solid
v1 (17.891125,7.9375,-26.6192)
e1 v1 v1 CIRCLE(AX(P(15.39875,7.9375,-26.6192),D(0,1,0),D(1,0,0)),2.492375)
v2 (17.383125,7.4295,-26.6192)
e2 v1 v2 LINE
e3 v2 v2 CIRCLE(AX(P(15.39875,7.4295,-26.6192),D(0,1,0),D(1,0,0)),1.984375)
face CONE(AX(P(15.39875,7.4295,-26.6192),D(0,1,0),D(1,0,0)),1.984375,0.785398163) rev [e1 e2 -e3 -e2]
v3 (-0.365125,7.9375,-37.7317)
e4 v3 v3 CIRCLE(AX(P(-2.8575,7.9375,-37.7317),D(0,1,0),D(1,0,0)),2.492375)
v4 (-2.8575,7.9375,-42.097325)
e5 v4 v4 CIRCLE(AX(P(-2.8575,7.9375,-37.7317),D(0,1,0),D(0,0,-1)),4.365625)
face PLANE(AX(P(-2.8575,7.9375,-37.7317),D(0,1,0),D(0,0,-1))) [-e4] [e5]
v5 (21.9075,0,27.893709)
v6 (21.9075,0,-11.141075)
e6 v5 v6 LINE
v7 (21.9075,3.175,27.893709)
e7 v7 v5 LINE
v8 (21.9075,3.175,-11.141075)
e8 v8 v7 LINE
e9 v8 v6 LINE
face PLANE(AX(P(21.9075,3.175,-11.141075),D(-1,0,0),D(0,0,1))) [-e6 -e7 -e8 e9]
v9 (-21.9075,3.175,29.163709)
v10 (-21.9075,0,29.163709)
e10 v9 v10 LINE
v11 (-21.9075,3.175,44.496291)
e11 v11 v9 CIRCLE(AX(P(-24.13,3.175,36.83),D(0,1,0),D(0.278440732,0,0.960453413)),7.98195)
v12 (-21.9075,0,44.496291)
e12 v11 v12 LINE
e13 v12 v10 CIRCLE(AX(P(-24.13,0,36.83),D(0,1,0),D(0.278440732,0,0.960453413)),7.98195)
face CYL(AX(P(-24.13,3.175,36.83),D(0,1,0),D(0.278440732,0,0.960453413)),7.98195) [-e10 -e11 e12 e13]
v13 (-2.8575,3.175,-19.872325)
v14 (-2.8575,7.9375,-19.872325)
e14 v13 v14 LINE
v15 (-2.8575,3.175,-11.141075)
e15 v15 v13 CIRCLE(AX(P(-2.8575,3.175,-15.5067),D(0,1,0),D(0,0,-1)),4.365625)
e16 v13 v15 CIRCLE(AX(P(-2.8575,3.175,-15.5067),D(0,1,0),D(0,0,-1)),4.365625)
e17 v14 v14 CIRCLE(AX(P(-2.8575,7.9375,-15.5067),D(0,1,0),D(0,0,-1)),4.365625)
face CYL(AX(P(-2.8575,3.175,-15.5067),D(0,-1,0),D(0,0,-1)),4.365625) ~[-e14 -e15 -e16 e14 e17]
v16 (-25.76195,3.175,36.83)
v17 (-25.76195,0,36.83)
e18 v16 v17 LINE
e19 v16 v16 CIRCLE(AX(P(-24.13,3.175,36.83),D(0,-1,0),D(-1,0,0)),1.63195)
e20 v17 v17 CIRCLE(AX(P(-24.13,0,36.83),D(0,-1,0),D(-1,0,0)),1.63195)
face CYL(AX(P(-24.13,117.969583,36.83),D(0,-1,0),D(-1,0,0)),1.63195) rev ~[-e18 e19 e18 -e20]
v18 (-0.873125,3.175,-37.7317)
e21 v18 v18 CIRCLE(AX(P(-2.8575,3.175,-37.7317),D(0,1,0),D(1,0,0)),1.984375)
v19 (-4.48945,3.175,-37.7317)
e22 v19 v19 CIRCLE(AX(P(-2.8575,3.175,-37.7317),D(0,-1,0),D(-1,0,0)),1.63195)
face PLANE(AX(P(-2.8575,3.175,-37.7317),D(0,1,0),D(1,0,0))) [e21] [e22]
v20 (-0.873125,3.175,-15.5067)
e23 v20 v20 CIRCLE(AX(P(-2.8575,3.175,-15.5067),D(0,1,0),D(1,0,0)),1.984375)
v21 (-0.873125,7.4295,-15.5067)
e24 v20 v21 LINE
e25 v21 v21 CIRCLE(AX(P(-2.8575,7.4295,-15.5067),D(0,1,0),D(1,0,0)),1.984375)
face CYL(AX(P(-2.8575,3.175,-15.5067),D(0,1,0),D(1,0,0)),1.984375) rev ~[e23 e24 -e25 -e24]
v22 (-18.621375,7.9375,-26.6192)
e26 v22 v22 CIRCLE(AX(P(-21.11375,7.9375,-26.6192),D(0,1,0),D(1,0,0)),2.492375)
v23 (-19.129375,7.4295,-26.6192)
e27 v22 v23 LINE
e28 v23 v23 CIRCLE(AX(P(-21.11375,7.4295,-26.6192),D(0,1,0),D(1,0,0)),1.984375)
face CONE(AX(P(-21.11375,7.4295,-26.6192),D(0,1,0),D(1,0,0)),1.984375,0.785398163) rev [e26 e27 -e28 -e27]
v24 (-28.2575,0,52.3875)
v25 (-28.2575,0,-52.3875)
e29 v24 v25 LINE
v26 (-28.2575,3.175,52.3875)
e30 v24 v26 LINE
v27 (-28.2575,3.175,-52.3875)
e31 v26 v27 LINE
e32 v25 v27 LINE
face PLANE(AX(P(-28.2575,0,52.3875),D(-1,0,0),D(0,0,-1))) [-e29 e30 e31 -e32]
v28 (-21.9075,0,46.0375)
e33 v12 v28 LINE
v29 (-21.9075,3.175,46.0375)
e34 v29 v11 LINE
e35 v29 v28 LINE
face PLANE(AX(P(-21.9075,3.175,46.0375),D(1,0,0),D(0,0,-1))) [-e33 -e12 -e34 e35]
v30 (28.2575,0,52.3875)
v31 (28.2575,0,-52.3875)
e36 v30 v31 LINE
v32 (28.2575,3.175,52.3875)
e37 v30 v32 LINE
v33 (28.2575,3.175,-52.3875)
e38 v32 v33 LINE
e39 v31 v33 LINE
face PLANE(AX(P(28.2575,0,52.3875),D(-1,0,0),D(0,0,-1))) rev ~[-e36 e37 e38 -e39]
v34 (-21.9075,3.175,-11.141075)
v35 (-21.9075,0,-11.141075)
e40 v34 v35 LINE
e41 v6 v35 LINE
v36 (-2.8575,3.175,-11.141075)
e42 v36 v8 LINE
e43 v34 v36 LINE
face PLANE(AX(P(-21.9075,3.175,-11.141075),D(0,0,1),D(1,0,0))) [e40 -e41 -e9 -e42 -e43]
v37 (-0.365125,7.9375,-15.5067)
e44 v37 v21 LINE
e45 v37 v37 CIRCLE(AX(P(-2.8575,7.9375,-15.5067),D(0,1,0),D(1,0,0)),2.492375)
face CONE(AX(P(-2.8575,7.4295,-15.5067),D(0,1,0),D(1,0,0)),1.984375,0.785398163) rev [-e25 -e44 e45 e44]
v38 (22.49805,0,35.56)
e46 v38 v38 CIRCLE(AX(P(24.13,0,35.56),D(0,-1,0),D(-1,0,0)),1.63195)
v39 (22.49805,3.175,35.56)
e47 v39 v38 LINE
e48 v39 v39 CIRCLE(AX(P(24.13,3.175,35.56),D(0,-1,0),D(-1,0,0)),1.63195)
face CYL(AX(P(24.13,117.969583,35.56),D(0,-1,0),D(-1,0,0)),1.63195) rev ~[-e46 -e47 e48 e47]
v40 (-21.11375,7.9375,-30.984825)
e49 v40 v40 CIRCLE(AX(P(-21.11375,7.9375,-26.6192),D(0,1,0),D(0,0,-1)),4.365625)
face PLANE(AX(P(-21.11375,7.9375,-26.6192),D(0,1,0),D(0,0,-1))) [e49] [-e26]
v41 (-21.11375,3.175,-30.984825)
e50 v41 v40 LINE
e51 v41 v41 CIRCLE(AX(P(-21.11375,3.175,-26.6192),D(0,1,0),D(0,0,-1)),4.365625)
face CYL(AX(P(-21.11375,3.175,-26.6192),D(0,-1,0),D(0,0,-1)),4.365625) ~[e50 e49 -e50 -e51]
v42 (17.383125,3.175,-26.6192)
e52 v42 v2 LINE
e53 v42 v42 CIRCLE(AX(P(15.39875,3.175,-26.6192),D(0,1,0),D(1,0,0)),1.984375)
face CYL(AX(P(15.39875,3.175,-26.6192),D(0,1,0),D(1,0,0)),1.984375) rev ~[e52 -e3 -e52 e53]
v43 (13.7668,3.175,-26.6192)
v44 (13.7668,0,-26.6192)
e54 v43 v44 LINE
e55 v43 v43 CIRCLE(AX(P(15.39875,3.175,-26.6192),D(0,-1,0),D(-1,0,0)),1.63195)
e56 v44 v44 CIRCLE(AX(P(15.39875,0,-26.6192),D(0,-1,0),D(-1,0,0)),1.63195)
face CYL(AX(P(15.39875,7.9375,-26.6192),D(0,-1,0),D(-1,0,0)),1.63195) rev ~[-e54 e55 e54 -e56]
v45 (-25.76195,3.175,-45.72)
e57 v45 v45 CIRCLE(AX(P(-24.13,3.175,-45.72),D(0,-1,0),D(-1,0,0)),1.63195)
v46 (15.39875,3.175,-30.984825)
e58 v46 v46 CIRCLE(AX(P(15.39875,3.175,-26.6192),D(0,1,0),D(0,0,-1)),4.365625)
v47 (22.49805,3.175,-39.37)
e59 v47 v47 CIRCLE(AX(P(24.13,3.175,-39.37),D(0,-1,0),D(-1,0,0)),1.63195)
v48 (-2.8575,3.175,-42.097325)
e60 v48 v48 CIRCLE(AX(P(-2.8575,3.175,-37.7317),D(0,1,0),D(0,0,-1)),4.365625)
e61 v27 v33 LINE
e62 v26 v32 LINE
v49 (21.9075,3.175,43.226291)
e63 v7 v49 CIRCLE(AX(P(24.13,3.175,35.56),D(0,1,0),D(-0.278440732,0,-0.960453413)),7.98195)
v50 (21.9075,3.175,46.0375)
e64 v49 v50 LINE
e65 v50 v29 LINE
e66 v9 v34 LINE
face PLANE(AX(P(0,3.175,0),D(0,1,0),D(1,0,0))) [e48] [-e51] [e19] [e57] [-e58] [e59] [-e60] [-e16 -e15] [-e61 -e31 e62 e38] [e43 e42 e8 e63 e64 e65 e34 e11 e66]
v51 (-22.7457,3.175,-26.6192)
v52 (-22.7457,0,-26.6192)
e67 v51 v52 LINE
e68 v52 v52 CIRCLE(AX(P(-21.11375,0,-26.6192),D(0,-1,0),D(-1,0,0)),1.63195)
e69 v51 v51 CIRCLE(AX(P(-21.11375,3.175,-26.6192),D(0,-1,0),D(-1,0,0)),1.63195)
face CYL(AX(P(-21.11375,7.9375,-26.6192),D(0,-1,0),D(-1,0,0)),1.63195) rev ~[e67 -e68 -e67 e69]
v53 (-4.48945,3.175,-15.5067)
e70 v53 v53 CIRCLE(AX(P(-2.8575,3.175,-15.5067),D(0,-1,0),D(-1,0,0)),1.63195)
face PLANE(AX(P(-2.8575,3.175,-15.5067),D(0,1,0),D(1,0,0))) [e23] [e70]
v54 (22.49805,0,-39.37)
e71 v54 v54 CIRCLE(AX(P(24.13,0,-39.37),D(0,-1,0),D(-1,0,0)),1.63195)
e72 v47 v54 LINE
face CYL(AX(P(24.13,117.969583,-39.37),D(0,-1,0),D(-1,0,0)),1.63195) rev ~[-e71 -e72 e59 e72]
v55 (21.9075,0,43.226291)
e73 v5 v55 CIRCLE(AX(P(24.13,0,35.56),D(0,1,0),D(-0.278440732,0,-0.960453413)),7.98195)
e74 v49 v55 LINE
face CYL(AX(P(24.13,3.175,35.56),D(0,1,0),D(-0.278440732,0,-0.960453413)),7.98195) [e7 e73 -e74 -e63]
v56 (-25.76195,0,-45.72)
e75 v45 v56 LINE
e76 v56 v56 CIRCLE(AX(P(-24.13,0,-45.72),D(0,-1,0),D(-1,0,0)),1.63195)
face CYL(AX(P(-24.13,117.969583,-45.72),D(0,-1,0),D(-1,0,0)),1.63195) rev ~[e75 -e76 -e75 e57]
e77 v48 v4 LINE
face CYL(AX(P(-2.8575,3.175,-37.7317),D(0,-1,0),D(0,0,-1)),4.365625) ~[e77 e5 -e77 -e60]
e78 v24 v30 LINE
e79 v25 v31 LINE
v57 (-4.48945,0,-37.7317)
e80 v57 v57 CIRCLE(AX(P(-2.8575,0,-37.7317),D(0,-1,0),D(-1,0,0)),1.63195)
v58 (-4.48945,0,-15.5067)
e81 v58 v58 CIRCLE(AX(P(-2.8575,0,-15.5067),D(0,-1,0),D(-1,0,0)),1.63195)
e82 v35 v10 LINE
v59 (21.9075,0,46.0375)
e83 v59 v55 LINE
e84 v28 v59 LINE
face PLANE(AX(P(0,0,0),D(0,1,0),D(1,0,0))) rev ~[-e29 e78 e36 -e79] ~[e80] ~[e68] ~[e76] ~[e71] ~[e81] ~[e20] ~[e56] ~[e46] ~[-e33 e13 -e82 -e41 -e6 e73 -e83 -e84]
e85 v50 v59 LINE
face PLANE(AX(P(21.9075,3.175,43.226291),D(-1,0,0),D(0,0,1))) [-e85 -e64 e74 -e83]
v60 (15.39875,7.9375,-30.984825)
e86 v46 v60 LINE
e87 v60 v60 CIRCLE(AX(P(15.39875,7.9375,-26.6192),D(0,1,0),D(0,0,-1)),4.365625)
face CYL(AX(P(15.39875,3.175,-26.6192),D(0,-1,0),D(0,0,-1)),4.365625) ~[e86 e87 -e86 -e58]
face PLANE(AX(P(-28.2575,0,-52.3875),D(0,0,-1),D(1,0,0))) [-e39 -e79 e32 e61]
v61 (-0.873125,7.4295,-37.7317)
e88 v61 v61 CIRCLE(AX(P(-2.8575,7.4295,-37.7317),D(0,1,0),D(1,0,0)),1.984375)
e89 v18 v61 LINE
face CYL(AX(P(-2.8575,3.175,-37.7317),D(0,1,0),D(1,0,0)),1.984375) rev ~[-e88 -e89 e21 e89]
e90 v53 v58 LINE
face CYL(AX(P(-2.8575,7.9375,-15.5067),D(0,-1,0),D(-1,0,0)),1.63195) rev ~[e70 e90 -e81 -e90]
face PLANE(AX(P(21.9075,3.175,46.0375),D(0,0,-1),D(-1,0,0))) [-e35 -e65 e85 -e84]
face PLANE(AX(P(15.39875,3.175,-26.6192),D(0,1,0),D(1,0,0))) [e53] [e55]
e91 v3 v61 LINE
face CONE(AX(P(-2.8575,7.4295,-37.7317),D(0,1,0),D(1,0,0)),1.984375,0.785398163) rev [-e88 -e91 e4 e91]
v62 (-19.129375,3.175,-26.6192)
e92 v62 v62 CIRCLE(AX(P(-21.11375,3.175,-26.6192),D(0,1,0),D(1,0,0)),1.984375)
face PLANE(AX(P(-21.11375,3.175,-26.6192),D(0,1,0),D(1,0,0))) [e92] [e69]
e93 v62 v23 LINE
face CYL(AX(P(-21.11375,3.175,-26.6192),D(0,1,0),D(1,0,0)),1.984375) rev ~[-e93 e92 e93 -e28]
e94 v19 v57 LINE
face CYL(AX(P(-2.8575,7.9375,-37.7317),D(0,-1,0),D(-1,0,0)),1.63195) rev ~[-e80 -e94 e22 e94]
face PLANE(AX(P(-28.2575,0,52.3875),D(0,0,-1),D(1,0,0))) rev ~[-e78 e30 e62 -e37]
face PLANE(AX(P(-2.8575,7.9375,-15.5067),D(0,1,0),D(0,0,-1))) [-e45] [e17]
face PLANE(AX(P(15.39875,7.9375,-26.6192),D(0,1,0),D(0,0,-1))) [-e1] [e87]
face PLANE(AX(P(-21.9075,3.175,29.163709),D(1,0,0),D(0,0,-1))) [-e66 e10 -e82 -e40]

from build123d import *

# Parameters (mm, degrees)
SKETCH1_W                                      = 53.34
SKETCH1_H                                      = 101.6
PCB_PLATE_DEPTH                                = 3.175
F_4_CLEARANCE_HOLE1_D                          = 3.2639
SKETCH5_W                                      = 56.515
SKETCH5_H                                      = 104.775
SKETCH5_W_2                                    = 53.34
SKETCH5_H_2                                    = 101.6
BORDER_MATERIAL_DEPTH                          = 3.175
SKETCH9_R                                      = 4.365625
BOSS_EXTRUDE3_DEPTH                            = 4.7625
CBORE_FOR_4_SOCKET_HEAD_CAP_SCREW3_D           = 3.2639
CBORE_FOR_4_SOCKET_HEAD_CAP_SCREW3_CBORE_D     = 3.96875
CBORE_FOR_4_SOCKET_HEAD_CAP_SCREW3_CBORE_DEPTH = 4.7625
MATERIAL_REDUCTION_CUT_REACH                   = 61.713
CHAMFER2_SIZE                                  = 0.508


with BuildPart() as part:
    # Sketch1 → PCB Plate (new body)
    with BuildSketch(Plane(origin=(0, 0, 0), x_dir=(1, 0, 0), z_dir=(0, 1, 0))):
        Rectangle(SKETCH1_W, SKETCH1_H)
    extrude(amount=PCB_PLATE_DEPTH)

    # #4 Clearance Hole1 (through all)
    with Locations(Plane(origin=(0, 3.175, 0), x_dir=(1, 0, 0), z_dir=(0, 1, 0))):
        with Locations((-24.13, -36.83), (-24.13, 45.72), (24.13, -35.56), (24.13, 39.37)):
            Hole(F_4_CLEARANCE_HOLE1_D / 2)

    # Sketch5 → Border Material (add)
    with BuildSketch(Plane(origin=(0, 0, 0), x_dir=(1, 0, 0), z_dir=(0, 1, 0))):
        Rectangle(SKETCH5_W, SKETCH5_H)
        Rectangle(SKETCH5_W_2, SKETCH5_H_2, mode=Mode.SUBTRACT)
    extrude(amount=BORDER_MATERIAL_DEPTH)

    # Sketch9 → Boss-Extrude3 (add)
    with BuildSketch(Plane(origin=(0, 3.175, 0), x_dir=(1, 0, 0), z_dir=(0, 1, 0))):
        with Locations(Location((-2.8575, 37.7317, 0), (0, 0, 90))):
            Circle(SKETCH9_R)
        with Locations(Location((-21.11375, 26.6192, 0), (0, 0, 90))):
            Circle(SKETCH9_R)
        with Locations(Location((-2.8575, 15.5067, 0), (0, 0, 90))):
            Circle(SKETCH9_R)
        with Locations(Location((15.39875, 26.6192, 0), (0, 0, 90))):
            Circle(SKETCH9_R)
    extrude(amount=BOSS_EXTRUDE3_DEPTH)

    # CBORE for #4 Socket Head Cap Screw3 (through all)
    with Locations(Plane(origin=(0, 7.9375, 0), x_dir=(1, 0, 0), z_dir=(0, 1, 0))):
        with Locations((-2.8575, 37.7317), (-21.11375, 26.6192), (-2.8575, 15.5067), (15.39875, 26.6192)):
            CounterBoreHole(CBORE_FOR_4_SOCKET_HEAD_CAP_SCREW3_D / 2, CBORE_FOR_4_SOCKET_HEAD_CAP_SCREW3_CBORE_D / 2, CBORE_FOR_4_SOCKET_HEAD_CAP_SCREW3_CBORE_DEPTH)

    # Sketch8 → Material Reduction Cut (cut, up to next)
    with BuildSketch(Plane(origin=(0, 3.175, 0), x_dir=(1, 0, 0), z_dir=(0, 1, 0)), mode=Mode.PRIVATE) as material_reduction_cut_sk1:
        with BuildLine():
            Line((-21.9075, 11.141075), (21.9075, 11.141075))
            Line((21.9075, 11.141075), (21.9075, -27.893708879))
            ThreePointArc((21.9075, -27.893708879), (16.14805, -35.56), (21.9075, -43.226291121))
            Line((21.9075, -43.226291121), (21.9075, -46.0375))
            Line((21.9075, -46.0375), (-21.9075, -46.0375))
            Line((-21.9075, -46.0375), (-21.9075, -44.496291121))
            ThreePointArc((-21.9075, -44.496291121), (-16.14805, -36.83), (-21.9075, -29.163708879))
            Line((-21.9075, -29.163708879), (-21.9075, 11.141075))
        make_face()
    material_reduction_cut_tool1 = extrude(material_reduction_cut_sk1.sketch, amount=-MATERIAL_REDUCTION_CUT_REACH, mode=Mode.PRIVATE) & part.part
    add(material_reduction_cut_tool1.solids().sort_by_distance((0, 3.175, 16.421161))[0], mode=Mode.SUBTRACT)

    # Chamfer2
    chamfer2_edges = [part.edges().sort_by_distance(p)[0] for p in [
        (13.414375, 7.9375, -26.6192),
        (-4.841875, 7.9375, -15.5067),
        (-23.098125, 7.9375, -26.6192),
        (-4.841875, 7.9375, -37.7317),
    ]]
    chamfer(chamfer2_edges, length=CHAMFER2_SIZE)


solid = part.part
